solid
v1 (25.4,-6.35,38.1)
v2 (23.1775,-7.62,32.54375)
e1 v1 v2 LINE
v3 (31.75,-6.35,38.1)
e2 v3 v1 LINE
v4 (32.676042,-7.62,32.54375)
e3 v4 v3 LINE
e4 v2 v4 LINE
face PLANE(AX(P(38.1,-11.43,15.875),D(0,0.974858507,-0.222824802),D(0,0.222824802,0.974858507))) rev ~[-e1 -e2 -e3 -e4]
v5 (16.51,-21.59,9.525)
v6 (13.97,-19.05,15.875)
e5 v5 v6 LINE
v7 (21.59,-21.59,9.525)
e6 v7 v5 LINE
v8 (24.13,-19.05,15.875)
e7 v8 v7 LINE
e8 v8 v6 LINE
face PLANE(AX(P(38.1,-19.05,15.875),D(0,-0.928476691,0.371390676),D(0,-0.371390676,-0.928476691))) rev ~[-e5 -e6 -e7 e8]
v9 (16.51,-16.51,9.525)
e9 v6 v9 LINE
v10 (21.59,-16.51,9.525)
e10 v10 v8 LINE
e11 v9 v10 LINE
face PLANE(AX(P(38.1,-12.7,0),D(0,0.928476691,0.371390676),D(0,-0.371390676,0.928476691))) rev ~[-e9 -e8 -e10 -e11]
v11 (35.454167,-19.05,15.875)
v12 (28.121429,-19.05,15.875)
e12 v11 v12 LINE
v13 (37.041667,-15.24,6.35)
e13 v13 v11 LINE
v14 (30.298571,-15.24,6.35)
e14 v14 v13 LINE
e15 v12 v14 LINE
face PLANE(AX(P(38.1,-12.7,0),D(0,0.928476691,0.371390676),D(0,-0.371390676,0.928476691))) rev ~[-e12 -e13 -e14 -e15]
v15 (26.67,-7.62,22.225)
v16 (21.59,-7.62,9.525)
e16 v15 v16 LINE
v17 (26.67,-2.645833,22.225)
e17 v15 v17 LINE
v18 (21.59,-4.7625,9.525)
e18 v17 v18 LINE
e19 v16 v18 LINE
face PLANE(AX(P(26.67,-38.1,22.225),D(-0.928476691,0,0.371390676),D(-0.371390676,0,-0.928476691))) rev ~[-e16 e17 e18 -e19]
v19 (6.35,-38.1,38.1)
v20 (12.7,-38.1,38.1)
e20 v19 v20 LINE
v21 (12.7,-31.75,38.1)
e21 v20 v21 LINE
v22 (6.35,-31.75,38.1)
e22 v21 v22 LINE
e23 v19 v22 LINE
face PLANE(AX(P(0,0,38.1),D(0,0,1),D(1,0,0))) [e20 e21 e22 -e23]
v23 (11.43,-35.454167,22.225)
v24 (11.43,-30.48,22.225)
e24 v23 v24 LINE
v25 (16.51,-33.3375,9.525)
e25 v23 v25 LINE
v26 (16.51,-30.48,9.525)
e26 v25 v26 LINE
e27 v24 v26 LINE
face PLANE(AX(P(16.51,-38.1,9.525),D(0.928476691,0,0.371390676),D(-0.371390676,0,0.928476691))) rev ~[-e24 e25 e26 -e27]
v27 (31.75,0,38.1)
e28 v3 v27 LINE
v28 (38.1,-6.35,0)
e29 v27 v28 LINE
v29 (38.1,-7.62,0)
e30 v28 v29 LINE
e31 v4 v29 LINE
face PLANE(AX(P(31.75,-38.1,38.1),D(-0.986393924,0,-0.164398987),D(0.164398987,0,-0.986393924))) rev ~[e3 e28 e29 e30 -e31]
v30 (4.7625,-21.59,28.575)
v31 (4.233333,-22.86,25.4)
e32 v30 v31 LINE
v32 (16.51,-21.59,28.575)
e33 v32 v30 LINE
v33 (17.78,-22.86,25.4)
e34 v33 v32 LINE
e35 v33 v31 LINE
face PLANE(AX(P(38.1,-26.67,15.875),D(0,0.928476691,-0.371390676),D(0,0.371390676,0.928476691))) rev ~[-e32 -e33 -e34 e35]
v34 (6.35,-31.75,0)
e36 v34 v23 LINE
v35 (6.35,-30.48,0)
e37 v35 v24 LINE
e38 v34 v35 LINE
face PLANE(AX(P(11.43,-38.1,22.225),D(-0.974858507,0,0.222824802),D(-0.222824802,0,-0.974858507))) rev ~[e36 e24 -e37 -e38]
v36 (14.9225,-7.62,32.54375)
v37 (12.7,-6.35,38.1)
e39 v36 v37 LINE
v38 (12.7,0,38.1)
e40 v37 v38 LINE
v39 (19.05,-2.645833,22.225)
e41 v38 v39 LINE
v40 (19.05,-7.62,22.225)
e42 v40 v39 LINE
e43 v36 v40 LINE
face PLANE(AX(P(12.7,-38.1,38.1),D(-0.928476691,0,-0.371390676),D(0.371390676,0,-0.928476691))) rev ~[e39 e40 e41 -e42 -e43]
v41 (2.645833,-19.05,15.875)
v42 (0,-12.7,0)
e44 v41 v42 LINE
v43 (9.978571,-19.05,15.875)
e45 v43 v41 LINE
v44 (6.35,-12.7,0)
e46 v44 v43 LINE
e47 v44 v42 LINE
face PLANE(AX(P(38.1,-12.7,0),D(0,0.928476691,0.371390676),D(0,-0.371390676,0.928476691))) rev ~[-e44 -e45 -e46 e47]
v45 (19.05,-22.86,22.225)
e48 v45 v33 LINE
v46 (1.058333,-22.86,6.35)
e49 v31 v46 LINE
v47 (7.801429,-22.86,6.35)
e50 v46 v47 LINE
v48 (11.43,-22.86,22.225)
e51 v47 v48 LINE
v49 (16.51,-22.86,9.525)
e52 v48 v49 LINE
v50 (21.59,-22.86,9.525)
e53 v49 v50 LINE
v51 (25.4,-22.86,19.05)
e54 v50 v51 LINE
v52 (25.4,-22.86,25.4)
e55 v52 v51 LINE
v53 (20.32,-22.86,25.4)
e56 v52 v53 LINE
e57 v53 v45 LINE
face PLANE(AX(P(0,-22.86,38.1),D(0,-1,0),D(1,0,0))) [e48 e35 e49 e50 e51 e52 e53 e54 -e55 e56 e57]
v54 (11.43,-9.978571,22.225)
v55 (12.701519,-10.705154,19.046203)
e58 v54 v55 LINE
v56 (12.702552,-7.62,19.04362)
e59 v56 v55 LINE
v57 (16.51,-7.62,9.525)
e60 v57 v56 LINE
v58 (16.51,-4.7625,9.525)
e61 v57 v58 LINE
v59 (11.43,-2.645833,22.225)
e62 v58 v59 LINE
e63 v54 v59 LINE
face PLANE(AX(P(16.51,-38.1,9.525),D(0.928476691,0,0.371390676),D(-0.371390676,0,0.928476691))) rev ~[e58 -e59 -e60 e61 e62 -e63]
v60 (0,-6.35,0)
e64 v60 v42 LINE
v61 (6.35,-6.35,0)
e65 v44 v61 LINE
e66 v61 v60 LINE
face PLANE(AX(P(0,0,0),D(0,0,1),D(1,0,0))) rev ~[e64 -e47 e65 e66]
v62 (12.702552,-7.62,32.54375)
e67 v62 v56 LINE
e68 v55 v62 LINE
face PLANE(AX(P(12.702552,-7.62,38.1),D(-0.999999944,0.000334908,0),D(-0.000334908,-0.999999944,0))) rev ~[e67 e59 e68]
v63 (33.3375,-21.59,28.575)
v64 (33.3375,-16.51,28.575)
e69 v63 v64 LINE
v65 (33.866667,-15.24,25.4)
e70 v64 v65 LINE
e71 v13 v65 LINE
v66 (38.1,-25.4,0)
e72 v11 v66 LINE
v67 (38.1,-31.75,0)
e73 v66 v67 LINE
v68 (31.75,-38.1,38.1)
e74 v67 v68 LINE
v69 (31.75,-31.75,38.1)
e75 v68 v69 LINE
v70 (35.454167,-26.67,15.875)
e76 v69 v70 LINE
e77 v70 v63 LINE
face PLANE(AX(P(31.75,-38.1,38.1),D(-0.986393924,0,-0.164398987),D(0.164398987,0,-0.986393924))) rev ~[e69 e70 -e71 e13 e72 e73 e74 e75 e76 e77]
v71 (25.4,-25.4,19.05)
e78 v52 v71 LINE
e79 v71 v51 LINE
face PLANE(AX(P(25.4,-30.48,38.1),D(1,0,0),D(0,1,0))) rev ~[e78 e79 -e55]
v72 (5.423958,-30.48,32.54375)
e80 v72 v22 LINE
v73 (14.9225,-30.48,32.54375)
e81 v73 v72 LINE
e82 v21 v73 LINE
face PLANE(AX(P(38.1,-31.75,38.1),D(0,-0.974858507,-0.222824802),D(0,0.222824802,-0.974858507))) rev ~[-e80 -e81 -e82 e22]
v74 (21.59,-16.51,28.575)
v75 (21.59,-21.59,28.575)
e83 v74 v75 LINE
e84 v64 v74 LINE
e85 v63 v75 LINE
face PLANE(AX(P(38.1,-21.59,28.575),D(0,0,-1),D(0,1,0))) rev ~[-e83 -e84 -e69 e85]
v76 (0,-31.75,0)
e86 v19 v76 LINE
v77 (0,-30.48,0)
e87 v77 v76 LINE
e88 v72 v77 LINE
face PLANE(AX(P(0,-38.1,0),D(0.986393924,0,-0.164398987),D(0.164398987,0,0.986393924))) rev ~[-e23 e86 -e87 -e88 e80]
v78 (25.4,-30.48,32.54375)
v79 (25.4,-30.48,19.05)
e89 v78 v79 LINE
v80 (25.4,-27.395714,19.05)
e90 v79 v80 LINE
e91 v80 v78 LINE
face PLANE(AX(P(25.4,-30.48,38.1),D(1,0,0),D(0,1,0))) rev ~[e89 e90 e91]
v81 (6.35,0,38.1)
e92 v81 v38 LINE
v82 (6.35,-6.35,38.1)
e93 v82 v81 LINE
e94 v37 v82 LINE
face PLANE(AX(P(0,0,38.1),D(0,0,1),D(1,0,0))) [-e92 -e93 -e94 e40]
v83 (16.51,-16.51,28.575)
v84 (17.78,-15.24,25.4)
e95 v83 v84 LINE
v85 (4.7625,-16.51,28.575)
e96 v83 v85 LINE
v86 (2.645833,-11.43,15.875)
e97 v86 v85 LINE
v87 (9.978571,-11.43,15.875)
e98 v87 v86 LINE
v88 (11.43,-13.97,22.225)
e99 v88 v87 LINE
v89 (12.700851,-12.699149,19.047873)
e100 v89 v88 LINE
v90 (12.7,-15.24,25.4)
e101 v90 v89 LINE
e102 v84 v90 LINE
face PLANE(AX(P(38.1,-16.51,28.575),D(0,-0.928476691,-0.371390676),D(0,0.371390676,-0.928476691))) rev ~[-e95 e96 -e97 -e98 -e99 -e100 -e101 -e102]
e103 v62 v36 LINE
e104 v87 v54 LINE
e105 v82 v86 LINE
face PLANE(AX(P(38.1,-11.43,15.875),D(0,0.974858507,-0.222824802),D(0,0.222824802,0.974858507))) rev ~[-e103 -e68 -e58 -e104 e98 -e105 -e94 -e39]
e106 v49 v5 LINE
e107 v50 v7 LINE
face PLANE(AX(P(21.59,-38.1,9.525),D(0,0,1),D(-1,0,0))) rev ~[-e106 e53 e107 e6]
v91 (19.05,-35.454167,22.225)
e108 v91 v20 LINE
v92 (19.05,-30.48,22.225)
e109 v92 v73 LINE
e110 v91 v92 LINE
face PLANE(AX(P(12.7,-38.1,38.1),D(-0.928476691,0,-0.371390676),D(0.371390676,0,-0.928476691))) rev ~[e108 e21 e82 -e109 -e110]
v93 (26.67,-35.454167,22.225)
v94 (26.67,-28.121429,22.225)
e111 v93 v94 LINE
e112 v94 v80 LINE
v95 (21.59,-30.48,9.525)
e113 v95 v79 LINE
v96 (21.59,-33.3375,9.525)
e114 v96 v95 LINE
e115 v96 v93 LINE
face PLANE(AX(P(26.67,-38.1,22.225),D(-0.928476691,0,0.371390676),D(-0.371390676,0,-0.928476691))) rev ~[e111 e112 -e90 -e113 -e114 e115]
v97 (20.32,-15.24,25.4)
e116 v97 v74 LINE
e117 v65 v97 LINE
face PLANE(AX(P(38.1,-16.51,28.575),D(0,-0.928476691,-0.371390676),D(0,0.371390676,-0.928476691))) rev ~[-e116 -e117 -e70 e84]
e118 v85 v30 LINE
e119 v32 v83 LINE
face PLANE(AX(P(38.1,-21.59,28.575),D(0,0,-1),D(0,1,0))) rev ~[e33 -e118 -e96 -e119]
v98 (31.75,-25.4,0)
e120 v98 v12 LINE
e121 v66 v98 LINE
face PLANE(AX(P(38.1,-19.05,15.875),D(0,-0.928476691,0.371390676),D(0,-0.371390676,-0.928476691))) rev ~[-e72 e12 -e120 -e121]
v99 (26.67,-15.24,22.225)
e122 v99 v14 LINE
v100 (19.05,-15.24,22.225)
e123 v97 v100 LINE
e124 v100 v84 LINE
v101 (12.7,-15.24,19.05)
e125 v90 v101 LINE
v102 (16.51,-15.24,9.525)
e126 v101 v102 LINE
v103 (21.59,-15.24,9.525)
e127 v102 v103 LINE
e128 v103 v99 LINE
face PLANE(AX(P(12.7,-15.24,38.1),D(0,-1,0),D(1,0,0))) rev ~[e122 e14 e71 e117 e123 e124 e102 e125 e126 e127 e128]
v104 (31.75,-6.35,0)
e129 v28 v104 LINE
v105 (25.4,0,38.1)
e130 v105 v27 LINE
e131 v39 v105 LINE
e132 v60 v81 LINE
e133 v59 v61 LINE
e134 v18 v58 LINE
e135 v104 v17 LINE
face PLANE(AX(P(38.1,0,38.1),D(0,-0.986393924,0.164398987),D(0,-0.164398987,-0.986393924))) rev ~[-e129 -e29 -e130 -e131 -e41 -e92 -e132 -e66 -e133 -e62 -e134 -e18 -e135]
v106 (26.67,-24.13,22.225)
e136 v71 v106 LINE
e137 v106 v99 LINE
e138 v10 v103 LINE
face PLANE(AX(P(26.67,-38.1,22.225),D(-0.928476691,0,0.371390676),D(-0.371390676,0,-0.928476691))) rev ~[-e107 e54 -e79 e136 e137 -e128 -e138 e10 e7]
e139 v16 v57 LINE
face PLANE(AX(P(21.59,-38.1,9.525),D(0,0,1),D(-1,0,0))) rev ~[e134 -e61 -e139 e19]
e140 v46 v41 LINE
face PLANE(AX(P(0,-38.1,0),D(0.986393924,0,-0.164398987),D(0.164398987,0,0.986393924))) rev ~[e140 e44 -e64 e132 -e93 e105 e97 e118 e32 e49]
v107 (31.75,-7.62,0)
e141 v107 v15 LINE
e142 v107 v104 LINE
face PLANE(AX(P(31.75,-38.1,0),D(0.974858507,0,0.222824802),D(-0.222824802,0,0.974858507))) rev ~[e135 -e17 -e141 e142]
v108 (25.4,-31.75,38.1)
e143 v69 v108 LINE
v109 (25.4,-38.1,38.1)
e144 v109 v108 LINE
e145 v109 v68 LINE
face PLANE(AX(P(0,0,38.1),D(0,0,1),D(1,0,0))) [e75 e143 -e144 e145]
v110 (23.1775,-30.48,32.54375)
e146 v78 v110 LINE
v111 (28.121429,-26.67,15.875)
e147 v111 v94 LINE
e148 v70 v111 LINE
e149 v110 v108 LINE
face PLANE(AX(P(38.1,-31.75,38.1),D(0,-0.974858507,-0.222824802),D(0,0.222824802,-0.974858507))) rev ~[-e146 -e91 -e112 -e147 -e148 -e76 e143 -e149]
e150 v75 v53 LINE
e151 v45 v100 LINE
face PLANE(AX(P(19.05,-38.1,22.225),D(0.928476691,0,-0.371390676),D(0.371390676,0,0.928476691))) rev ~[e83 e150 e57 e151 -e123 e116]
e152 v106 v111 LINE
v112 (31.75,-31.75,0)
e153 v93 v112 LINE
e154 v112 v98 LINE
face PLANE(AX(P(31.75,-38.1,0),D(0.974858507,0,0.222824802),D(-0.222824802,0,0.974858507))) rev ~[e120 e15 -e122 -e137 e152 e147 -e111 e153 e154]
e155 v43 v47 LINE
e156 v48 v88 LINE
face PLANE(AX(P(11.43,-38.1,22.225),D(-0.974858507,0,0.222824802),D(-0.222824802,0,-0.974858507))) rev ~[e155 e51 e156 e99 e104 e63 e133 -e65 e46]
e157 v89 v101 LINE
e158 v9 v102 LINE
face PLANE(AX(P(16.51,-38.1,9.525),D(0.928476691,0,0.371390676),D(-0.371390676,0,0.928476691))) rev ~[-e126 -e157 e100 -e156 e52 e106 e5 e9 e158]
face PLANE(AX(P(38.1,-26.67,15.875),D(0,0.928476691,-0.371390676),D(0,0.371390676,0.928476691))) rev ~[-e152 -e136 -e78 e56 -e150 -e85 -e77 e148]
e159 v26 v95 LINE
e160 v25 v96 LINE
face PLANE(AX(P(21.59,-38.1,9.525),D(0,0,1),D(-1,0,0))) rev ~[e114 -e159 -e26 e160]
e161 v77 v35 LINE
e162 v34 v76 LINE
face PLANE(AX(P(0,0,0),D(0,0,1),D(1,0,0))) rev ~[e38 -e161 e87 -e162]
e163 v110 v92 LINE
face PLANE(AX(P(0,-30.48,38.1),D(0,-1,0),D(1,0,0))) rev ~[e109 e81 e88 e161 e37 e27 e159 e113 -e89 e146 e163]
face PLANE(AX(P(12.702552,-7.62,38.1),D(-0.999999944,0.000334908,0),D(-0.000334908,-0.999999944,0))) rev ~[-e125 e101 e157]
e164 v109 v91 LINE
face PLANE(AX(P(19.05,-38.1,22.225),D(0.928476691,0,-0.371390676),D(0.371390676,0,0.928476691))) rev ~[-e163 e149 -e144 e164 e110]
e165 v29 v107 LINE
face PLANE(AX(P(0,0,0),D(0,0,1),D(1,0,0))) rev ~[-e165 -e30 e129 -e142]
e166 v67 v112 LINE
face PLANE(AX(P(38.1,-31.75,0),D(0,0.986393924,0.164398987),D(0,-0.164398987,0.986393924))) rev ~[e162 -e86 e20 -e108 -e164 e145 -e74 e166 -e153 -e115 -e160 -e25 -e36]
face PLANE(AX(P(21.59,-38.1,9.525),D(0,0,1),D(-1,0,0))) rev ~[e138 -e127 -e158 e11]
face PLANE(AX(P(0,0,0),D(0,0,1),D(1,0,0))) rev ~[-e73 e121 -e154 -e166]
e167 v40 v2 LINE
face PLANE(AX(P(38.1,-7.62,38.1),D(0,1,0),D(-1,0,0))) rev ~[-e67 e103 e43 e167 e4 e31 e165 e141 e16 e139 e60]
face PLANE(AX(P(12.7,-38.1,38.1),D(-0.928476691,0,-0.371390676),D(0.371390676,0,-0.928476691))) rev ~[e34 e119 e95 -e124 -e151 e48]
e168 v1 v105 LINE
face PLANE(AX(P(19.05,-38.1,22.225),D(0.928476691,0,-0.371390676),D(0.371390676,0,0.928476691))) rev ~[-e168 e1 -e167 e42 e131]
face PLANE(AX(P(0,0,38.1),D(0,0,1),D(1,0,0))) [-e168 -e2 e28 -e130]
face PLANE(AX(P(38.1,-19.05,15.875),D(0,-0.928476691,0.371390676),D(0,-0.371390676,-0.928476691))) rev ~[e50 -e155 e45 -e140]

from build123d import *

# Parameters (mm, degrees)
F0_W      = 38.1
F0_H      = 38.1
F1_DEPTH  = 38.1
F6_DEPTH  = 38.1
F8_DEPTH  = 38.1
F9_W      = 25.4
F9_H      = 7.62
F10_DEPTH = 38.1


with BuildPart() as f1:
    # F0 (on Front) → F1 (new body)
    with BuildSketch(Plane.XZ):
        with Locations((19.05, 19.05)):
            Rectangle(F0_W, F0_H)
    extrude(amount=F1_DEPTH)

    # F5 (on offset) → F6 (cut)
    with BuildSketch(Plane.YZ.offset(38.1)):
        Polygon((-21.59, 38.1), (-31.75, 38.1), (-26.67, 15.875), (-21.59, 28.575), (-16.51, 28.575), (-11.43, 15.875), (-6.35, 38.1), (-16.51, 38.1), align=None)
        Polygon((-31.75, 0), (-38.1, 38.1), (-38.1, 0), align=None)
        Polygon((-19.05, 15.875), (-25.4, 0), (-12.7, 0), align=None)
        Polygon((0, 38.1), (-6.35, 0), (0, 0), align=None)
    extrude(amount=-F6_DEPTH, mode=Mode.SUBTRACT)

    # F7 (on offset) → F8 (cut)
    with BuildSketch(Plane.XZ.offset(38.1)):
        Polygon((6.35, 38.1), (0, 38.1), (0, 0), align=None)
        Polygon((25.4, 38.1), (12.7, 38.1), (19.05, 22.225), align=None)
        Polygon((11.43, 22.225), (6.35, 0), (31.75, 0), (26.67, 22.225), (21.59, 9.525), (16.51, 9.525), align=None)
        Polygon((31.75, 38.1), (38.1, 0), (38.1, 38.1), align=None)
    extrude(amount=-F8_DEPTH, mode=Mode.SUBTRACT)

    # F9 (on offset) → F10 (cut)
    with BuildSketch(Plane.XY.offset(38.1)):
        Polygon((38.1, -15.24), (38.1, -7.62), (12.702552, -7.62), (12.7, -15.24), align=None)
        with Locations((12.7, -26.67)):
            Rectangle(F9_W, F9_H)
    extrude(amount=-F10_DEPTH, mode=Mode.SUBTRACT)


solid = f1.part
